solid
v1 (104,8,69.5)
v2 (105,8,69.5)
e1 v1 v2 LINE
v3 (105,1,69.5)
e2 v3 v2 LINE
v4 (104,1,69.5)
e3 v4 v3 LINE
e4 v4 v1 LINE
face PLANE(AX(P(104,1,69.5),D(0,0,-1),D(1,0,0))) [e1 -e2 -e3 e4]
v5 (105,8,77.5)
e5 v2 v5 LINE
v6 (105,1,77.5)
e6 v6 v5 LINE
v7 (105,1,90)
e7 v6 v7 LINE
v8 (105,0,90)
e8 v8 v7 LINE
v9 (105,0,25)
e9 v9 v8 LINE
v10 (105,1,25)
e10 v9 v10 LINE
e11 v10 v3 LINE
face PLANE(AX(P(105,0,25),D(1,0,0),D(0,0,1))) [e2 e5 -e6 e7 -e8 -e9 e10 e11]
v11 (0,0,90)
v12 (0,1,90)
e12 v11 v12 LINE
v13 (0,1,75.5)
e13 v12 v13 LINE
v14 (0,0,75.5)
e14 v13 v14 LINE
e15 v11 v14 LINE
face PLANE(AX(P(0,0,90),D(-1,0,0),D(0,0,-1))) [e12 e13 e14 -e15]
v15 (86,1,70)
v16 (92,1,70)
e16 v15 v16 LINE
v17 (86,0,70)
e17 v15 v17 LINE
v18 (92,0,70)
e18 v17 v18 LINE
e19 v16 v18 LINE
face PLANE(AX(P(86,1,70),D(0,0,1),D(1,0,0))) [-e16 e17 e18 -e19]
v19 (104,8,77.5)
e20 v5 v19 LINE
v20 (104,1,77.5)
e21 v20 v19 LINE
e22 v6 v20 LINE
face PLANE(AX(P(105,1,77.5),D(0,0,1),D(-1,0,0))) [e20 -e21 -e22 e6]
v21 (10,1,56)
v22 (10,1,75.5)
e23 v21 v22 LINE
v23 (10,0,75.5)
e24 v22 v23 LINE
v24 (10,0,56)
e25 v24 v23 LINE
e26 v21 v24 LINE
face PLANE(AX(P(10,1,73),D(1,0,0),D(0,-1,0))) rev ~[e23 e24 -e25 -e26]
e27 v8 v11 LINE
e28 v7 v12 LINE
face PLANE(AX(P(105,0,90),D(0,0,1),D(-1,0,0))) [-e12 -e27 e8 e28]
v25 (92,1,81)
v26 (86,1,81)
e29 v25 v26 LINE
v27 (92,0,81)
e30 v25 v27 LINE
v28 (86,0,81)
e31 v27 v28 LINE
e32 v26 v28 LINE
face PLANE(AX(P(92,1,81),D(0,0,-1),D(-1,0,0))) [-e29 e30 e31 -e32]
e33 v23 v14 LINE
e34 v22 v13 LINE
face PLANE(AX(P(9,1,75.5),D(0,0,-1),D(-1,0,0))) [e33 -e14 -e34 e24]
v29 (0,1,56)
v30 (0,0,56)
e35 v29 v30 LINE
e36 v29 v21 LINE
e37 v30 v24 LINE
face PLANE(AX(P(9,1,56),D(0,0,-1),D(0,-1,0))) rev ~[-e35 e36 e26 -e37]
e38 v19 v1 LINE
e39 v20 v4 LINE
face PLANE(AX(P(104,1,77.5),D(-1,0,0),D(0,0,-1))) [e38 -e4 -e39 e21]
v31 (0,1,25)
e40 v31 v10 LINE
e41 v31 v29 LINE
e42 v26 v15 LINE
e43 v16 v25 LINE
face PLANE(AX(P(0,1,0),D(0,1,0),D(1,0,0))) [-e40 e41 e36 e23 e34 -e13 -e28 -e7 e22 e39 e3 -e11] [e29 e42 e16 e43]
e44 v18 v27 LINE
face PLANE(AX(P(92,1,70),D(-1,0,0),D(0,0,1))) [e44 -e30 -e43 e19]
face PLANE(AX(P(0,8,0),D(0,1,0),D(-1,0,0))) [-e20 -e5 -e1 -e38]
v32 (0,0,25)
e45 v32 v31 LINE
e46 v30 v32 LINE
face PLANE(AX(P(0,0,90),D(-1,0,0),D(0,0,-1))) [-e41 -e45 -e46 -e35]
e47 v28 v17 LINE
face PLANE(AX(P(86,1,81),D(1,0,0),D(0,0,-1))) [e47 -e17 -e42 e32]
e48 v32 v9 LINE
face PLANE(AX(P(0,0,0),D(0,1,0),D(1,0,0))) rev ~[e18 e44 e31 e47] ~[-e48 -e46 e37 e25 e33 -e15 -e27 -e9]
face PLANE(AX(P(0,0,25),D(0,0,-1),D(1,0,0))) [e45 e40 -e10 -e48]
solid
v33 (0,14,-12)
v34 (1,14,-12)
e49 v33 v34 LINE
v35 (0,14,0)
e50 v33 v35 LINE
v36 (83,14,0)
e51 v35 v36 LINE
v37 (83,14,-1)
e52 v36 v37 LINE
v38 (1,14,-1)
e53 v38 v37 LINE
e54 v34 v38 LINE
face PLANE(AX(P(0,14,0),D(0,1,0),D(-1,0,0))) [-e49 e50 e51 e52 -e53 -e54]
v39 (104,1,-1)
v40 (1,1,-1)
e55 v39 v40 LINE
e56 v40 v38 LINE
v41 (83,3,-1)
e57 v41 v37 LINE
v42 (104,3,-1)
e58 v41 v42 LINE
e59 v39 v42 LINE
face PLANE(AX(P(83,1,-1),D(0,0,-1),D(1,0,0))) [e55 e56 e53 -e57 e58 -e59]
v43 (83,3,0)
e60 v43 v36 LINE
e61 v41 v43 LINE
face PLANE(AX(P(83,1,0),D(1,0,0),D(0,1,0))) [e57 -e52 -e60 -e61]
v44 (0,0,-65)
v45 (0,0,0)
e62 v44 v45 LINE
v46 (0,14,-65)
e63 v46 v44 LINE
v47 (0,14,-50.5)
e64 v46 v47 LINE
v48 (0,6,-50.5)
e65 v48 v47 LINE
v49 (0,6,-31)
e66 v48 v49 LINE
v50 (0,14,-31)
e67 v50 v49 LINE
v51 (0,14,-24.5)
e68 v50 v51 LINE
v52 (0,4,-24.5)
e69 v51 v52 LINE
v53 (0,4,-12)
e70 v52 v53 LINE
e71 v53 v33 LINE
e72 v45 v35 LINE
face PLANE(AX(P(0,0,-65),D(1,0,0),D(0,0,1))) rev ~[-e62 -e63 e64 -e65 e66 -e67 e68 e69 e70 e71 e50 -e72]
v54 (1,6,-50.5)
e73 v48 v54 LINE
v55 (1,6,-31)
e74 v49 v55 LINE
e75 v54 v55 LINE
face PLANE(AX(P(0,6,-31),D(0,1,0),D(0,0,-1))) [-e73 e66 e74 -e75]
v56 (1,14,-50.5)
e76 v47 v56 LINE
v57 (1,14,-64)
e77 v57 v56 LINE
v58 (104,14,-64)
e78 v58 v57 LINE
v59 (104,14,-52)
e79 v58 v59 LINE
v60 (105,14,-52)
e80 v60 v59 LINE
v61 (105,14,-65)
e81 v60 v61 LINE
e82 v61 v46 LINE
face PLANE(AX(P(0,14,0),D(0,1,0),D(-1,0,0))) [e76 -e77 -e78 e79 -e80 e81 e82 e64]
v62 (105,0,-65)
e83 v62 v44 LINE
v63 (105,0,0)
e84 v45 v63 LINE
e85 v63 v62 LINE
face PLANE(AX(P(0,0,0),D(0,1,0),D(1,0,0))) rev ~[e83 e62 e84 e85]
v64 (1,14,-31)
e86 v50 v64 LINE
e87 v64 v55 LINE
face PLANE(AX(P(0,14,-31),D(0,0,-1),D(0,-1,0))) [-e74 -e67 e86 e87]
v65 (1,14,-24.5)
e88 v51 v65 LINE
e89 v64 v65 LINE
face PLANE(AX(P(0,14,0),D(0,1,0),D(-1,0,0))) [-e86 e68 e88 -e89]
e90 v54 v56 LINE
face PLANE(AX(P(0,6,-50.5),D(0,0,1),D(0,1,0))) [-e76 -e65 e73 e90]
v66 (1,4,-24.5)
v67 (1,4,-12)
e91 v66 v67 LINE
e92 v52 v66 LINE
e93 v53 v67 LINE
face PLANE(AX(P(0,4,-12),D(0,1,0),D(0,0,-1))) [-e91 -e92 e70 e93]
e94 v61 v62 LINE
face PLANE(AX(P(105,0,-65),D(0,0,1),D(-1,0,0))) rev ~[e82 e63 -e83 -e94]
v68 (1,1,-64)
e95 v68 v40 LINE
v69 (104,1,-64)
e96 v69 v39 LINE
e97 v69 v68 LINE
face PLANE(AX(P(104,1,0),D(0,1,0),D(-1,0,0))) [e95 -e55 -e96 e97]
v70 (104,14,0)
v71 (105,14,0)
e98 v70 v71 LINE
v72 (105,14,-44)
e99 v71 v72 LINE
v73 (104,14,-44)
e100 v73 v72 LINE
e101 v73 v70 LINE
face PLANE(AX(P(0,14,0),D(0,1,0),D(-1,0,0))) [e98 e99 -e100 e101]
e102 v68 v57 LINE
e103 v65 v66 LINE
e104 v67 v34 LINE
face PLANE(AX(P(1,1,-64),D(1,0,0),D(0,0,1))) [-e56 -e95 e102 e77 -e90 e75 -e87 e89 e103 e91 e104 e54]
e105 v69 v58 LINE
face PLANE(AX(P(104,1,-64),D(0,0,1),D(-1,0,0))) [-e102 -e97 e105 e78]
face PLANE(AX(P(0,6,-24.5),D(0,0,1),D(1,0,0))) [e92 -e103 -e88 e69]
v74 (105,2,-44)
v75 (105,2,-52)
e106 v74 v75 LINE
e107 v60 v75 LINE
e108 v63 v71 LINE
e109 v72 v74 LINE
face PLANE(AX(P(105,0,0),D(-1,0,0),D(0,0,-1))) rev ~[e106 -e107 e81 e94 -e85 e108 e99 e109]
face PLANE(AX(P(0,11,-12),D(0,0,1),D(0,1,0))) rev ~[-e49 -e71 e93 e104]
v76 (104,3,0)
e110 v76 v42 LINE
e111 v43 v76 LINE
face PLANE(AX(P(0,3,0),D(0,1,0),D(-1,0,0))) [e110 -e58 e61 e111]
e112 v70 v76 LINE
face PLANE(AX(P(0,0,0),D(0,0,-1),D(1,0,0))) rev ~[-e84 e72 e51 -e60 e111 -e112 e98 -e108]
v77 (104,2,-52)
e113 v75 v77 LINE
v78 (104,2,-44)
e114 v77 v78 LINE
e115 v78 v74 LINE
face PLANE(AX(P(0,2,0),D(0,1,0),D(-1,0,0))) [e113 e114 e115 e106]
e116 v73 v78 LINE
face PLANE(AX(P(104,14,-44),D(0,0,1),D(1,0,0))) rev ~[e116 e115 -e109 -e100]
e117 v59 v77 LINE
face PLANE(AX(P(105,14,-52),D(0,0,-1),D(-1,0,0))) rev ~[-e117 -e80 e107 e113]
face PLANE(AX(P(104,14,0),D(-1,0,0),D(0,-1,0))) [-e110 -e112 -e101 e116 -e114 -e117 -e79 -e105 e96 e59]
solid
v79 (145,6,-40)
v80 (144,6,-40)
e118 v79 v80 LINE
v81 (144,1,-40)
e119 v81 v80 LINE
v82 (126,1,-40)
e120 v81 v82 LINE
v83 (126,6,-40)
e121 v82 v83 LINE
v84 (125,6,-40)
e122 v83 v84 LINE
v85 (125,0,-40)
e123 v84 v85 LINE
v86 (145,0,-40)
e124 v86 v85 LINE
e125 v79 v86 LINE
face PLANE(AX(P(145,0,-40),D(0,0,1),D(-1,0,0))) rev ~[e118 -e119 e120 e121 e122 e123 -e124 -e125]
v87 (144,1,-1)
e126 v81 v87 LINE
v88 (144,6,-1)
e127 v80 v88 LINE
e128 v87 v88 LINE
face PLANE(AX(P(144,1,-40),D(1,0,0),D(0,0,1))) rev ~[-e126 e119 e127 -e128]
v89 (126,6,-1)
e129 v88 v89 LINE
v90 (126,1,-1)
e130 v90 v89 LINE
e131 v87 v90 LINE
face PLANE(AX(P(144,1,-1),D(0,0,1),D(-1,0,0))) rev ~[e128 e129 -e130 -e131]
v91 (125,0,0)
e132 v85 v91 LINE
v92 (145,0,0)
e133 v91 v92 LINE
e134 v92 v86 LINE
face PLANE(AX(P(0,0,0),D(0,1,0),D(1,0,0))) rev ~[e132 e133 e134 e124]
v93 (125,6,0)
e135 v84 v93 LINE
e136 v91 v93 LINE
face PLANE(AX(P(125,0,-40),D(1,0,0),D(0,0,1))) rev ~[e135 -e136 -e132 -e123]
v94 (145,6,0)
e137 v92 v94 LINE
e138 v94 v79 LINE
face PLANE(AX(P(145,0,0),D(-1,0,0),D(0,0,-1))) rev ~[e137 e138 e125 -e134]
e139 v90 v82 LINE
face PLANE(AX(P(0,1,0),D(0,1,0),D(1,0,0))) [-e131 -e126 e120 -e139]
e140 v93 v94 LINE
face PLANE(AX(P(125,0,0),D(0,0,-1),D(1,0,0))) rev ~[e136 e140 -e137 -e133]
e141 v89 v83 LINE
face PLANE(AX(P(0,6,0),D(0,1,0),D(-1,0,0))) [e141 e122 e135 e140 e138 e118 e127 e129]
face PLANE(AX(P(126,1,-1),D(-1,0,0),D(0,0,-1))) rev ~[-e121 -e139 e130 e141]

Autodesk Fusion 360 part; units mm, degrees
sketch "草图1" plane through (0, 0, 0) normal (0, 1, 0) x (1, 0, 0)
  line L0 (0, 0) -> (105, 0)
  line L1 (105, 0) -> (105, 65)
  line L2 (105, 65) -> (0, 65)
  line L3 (0, 65) -> (0, 0)
extrude "拉伸1" add sketch "草图1" along normal blind 1 makes body 1
sketch "草图2" plane through (0, 1, 0) normal (0, 1, 0) x (-1, 0, 0)
  line L0 (0, -65) -> (0, 0)
  line L1 (0, 0) -> (-105, 0)
  line L2 (-105, 0) -> (-105, -65)
  line L3 (-105, -65) -> (0, -65)
  line L4 (-1, -1) -> (-104, -1)
  line L5 (-104, -1) -> (-104, -64)
  line L6 (-104, -64) -> (-1, -64)
  line L7 (-1, -64) -> (-1, -1)
extrude "拉伸2" add sketch "草图2" along normal blind 13 bodies 1
sketch "草图3" plane through (0, 0, 0) normal (0, 0, 1) x (1, 0, 0)
  line L0 (0, 0) -> (105, 0)
  line L1 (105, 0) -> (105, 14)
  line L2 (105, 14) -> (0, 14)
  line L3 (0, 14) -> (0, 0)
  line L4 (104, 1) -> (83, 1)
  line L5 (83, 1) -> (83, 14)
  line L6 (83, 14) -> (104, 14)
  line L7 (104, 14) -> (104, 1)
  dimension "d5" = 21
extrude "拉伸3" cut sketch "草图3" against normal blind 1 contours L2 L4 L5 L6 L7 bodies 1
sketch "草图4" plane through (0, 0, 0) normal (-1, 0, 0) x (0, 0, 1)
  line L0 (-65, 0) -> (0, 0)
  line L1 (0, 0) -> (0, 14)
  line L2 (0, 14) -> (-65, 14)
  line L3 (-65, 14) -> (-65, 0)
  line L4 (-12, 6) -> (-22, 6)
  line L5 (-22, 6) -> (-22, 11)
  line L6 (-22, 11) -> (-12, 11)
  line L7 (-12, 11) -> (-12, 6)
  line L8 (-22, 11) -> (-12, 11)
  line L9 (-12, 11) -> (-12, 14)
  line L10 (-12, 14) -> (-22, 14)
  line L11 (-22, 14) -> (-22, 11)
  line L12 (-31, 6) -> (-48, 6)
  line L13 (-48, 6) -> (-48, 14)
  line L14 (-48, 14) -> (-31, 14)
  line L15 (-31, 14) -> (-31, 6)
extrude "拉伸4" cut sketch "草图4" against normal blind 1 contours L2 L12 L13 L14 L15 | L2 L6 L8 L9 L10 L11 | L4 L5 L6 L7 L8 bodies 1
sketch "草图5" plane through (0, 0, 0) normal (0, 1, 0) x (1, 0, 0)
  line L0 (0, -25) -> (105, -25)
  line L1 (105, -25) -> (105, -90)
  line L2 (105, -90) -> (0, -90)
  line L3 (0, -90) -> (0, -25)
extrude "拉伸5" add sketch "草图5" along normal blind 1 separate body makes body 2
sketch "草图6" plane through (0, 1, 0) normal (0, 1, 0) x (-1, 0, 0)
  line L0 (0, 90) -> (-105, 90)
  line L1 (-105, 90) -> (-105, 25)
  line L2 (-105, 25) -> (0, 25)
  line L3 (0, 25) -> (0, 90)
  line L4 (-103.5, 26) -> (-83.5, 26)
  line L5 (-83.5, 26) -> (-83.5, 25)
  line L6 (-83.5, 25) -> (-103.5, 25)
  line L7 (-103.5, 25) -> (-103.5, 26)
  line L8 (0, 47) -> (0, 37)
  line L9 (-1, 46.5) -> (0, 46.5)
  line L10 (0, 46.5) -> (0, 37.5)
  line L11 (0, 37.5) -> (-1, 37.5)
  line L12 (-1, 37.5) -> (-1, 46.5)
  line L13 (0, 56) -> (-9, 56)
  line L14 (-9, 56) -> (-9, 73)
  line L15 (-9, 73) -> (0, 73)
  line L16 (0, 73) -> (0, 56)
  dimension "d13" = 20
extrude "拉伸7" cut sketch "草图6" against normal blind 1 contours L3 L13 L14 L15 L16 bodies 2
extrude "拉伸8" add sketch "草图6" along normal blind 2 contours L3 L8 L9 L10 L11 L12 bodies 2
sketch "草图7" plane through (0, 14, 0) normal (0, 1, 0) x (-1, 0, 0)
  line L0 (0, -48) -> (-1, -48)
  line L1 (-1, -48) -> (-1, -64)
  line L2 (-1, -64) -> (-104, -64)
  line L3 (-104, -64) -> (-104, 0)
  line L4 (-104, 0) -> (-105, 0)
  line L5 (-105, 0) -> (-105, -65)
  line L6 (-105, -65) -> (0, -65)
  line L7 (0, -65) -> (0, -48)
  line L8 (-105, -52) -> (-104, -52)
  line L9 (-104, -52) -> (-104, -44)
  line L10 (-104, -44) -> (-105, -44)
  line L11 (-105, -44) -> (-105, -52)
extrude "拉伸9" cut sketch "草图7" against normal blind 12 contours L3 L5 L8 L9 L10 L11 bodies 1
sketch "草图8" plane through (0, 1, 0) normal (0, 1, 0) x (-1, 0, 0)
  line L0 (-105, 77.5) -> (-104, 77.5)
  line L1 (-104, 77.5) -> (-104, 69.5)
  line L2 (-104, 69.5) -> (-105, 69.5)
  line L3 (-105, 69.5) -> (-105, 77.5)
extrude "拉伸10" add sketch "草图8" along normal blind 7 bodies 2
sketch "草图9" plane through (0, 1, 0) normal (0, 1, 0) x (-1, 0, 0)
  line L0 (-94, 83) -> (-89, 83)
  line L1 (-89, 83) -> (-89, 73)
  line L2 (-89, 73) -> (-94, 73)
  line L3 (-94, 73) -> (-94, 83)
sketch "草图10" plane through (0, 0, 0) normal (0, 1, 0) x (1, 0, 0)
  line L0 (125, 0) -> (145, 0)
  line L1 (145, 0) -> (145, 40)
  line L2 (145, 40) -> (125, 40)
  line L3 (125, 40) -> (125, 0)
extrude "拉伸12" add sketch "草图10" along normal blind 1 separate body makes body 3
sketch "草图11" plane through (0, 1, 0) normal (0, 1, 0) x (-1, 0, 0)
  line L0 (-125, -40) -> (-125, 0)
  line L1 (-125, 0) -> (-145, 0)
  line L2 (-145, 0) -> (-145, -40)
  line L3 (-145, -40) -> (-125, -40)
  line L4 (-144, -1) -> (-126, -1)
  line L5 (-126, -1) -> (-126, -40)
  line L6 (-126, -40) -> (-144, -40)
  line L7 (-144, -40) -> (-144, -1)
  dimension "d28" = 18
extrude "拉伸13" add sketch "草图11" along normal blind 5 contours L0 L1 L2 L3 L4 L5 L7 bodies 3
sketch "草图12" plane through (0, 1, 0) normal (0, 1, 0) x (-1, 0, 0)
  line L0 (-1, -1) -> (-83, -1)
  line L1 (-83, -1) -> (-83, 0)
  line L2 (-83, 0) -> (-104, 0)
  line L3 (-104, 0) -> (-104, -64)
  line L4 (-104, -64) -> (-1, -64)
  line L5 (-1, -64) -> (-1, -1)
  line L6 (-83, -1) -> (-104, -1)
  line L7 (-104, -1) -> (-104, 0)
  line L8 (-104, 0) -> (-83, 0)
  line L9 (-83, 0) -> (-83, -1)
extrude "拉伸14" add sketch "草图12" along normal blind 2 contours L1 L2 L3 L6 L7 L8 L9 bodies 1
sketch "草图13" plane through (0, 1, 0) normal (0, 1, 0) x (-1, 0, 0)
  line L0 (-86, 70) -> (-92, 70)
  line L1 (-92, 70) -> (-92, 81)
  line L2 (-92, 81) -> (-86, 81)
  line L3 (-86, 81) -> (-86, 70)
extrude "拉伸15" cut sketch "草图13" against normal blind 1 bodies 2
extrude "拉伸16" cut 1 faces at (0.3333, 8.6667, -48) along direction (0, 0, -1) blind 2.5 on bodies 1 bodies 1
extrude "拉伸17" cut 1 faces at (0.3333, 11.3333, -22) along direction (0, 0, -1) blind 2.5 on bodies 1 bodies 1
extrude "拉伸18" cut 1 faces at (0.3333, 6, -16.1667) along direction (0, -1, 0) blind 2 on bodies 1 bodies 1
extrude "拉伸19" add 1 faces at (0.6667, 1.6667, 46.5) along direction (0, 0, 1) blind 2.5 on bodies 2 bodies 2
extrude "拉伸20" cut 1 faces at (6, 0.6667, 73) along direction (0, 0, 1) blind 2.5 on bodies 2 bodies 2
extrude "拉伸21" cut 1 faces at (9, 0.3333, 69) along direction (1, 0, 0) blind 1 on bodies 2 bodies 2
extrude "拉伸22" cut 1 faces at (0.3333, 3, 45.1667) along direction (0, -1, 0) blind 2 on bodies 2 bodies 2
